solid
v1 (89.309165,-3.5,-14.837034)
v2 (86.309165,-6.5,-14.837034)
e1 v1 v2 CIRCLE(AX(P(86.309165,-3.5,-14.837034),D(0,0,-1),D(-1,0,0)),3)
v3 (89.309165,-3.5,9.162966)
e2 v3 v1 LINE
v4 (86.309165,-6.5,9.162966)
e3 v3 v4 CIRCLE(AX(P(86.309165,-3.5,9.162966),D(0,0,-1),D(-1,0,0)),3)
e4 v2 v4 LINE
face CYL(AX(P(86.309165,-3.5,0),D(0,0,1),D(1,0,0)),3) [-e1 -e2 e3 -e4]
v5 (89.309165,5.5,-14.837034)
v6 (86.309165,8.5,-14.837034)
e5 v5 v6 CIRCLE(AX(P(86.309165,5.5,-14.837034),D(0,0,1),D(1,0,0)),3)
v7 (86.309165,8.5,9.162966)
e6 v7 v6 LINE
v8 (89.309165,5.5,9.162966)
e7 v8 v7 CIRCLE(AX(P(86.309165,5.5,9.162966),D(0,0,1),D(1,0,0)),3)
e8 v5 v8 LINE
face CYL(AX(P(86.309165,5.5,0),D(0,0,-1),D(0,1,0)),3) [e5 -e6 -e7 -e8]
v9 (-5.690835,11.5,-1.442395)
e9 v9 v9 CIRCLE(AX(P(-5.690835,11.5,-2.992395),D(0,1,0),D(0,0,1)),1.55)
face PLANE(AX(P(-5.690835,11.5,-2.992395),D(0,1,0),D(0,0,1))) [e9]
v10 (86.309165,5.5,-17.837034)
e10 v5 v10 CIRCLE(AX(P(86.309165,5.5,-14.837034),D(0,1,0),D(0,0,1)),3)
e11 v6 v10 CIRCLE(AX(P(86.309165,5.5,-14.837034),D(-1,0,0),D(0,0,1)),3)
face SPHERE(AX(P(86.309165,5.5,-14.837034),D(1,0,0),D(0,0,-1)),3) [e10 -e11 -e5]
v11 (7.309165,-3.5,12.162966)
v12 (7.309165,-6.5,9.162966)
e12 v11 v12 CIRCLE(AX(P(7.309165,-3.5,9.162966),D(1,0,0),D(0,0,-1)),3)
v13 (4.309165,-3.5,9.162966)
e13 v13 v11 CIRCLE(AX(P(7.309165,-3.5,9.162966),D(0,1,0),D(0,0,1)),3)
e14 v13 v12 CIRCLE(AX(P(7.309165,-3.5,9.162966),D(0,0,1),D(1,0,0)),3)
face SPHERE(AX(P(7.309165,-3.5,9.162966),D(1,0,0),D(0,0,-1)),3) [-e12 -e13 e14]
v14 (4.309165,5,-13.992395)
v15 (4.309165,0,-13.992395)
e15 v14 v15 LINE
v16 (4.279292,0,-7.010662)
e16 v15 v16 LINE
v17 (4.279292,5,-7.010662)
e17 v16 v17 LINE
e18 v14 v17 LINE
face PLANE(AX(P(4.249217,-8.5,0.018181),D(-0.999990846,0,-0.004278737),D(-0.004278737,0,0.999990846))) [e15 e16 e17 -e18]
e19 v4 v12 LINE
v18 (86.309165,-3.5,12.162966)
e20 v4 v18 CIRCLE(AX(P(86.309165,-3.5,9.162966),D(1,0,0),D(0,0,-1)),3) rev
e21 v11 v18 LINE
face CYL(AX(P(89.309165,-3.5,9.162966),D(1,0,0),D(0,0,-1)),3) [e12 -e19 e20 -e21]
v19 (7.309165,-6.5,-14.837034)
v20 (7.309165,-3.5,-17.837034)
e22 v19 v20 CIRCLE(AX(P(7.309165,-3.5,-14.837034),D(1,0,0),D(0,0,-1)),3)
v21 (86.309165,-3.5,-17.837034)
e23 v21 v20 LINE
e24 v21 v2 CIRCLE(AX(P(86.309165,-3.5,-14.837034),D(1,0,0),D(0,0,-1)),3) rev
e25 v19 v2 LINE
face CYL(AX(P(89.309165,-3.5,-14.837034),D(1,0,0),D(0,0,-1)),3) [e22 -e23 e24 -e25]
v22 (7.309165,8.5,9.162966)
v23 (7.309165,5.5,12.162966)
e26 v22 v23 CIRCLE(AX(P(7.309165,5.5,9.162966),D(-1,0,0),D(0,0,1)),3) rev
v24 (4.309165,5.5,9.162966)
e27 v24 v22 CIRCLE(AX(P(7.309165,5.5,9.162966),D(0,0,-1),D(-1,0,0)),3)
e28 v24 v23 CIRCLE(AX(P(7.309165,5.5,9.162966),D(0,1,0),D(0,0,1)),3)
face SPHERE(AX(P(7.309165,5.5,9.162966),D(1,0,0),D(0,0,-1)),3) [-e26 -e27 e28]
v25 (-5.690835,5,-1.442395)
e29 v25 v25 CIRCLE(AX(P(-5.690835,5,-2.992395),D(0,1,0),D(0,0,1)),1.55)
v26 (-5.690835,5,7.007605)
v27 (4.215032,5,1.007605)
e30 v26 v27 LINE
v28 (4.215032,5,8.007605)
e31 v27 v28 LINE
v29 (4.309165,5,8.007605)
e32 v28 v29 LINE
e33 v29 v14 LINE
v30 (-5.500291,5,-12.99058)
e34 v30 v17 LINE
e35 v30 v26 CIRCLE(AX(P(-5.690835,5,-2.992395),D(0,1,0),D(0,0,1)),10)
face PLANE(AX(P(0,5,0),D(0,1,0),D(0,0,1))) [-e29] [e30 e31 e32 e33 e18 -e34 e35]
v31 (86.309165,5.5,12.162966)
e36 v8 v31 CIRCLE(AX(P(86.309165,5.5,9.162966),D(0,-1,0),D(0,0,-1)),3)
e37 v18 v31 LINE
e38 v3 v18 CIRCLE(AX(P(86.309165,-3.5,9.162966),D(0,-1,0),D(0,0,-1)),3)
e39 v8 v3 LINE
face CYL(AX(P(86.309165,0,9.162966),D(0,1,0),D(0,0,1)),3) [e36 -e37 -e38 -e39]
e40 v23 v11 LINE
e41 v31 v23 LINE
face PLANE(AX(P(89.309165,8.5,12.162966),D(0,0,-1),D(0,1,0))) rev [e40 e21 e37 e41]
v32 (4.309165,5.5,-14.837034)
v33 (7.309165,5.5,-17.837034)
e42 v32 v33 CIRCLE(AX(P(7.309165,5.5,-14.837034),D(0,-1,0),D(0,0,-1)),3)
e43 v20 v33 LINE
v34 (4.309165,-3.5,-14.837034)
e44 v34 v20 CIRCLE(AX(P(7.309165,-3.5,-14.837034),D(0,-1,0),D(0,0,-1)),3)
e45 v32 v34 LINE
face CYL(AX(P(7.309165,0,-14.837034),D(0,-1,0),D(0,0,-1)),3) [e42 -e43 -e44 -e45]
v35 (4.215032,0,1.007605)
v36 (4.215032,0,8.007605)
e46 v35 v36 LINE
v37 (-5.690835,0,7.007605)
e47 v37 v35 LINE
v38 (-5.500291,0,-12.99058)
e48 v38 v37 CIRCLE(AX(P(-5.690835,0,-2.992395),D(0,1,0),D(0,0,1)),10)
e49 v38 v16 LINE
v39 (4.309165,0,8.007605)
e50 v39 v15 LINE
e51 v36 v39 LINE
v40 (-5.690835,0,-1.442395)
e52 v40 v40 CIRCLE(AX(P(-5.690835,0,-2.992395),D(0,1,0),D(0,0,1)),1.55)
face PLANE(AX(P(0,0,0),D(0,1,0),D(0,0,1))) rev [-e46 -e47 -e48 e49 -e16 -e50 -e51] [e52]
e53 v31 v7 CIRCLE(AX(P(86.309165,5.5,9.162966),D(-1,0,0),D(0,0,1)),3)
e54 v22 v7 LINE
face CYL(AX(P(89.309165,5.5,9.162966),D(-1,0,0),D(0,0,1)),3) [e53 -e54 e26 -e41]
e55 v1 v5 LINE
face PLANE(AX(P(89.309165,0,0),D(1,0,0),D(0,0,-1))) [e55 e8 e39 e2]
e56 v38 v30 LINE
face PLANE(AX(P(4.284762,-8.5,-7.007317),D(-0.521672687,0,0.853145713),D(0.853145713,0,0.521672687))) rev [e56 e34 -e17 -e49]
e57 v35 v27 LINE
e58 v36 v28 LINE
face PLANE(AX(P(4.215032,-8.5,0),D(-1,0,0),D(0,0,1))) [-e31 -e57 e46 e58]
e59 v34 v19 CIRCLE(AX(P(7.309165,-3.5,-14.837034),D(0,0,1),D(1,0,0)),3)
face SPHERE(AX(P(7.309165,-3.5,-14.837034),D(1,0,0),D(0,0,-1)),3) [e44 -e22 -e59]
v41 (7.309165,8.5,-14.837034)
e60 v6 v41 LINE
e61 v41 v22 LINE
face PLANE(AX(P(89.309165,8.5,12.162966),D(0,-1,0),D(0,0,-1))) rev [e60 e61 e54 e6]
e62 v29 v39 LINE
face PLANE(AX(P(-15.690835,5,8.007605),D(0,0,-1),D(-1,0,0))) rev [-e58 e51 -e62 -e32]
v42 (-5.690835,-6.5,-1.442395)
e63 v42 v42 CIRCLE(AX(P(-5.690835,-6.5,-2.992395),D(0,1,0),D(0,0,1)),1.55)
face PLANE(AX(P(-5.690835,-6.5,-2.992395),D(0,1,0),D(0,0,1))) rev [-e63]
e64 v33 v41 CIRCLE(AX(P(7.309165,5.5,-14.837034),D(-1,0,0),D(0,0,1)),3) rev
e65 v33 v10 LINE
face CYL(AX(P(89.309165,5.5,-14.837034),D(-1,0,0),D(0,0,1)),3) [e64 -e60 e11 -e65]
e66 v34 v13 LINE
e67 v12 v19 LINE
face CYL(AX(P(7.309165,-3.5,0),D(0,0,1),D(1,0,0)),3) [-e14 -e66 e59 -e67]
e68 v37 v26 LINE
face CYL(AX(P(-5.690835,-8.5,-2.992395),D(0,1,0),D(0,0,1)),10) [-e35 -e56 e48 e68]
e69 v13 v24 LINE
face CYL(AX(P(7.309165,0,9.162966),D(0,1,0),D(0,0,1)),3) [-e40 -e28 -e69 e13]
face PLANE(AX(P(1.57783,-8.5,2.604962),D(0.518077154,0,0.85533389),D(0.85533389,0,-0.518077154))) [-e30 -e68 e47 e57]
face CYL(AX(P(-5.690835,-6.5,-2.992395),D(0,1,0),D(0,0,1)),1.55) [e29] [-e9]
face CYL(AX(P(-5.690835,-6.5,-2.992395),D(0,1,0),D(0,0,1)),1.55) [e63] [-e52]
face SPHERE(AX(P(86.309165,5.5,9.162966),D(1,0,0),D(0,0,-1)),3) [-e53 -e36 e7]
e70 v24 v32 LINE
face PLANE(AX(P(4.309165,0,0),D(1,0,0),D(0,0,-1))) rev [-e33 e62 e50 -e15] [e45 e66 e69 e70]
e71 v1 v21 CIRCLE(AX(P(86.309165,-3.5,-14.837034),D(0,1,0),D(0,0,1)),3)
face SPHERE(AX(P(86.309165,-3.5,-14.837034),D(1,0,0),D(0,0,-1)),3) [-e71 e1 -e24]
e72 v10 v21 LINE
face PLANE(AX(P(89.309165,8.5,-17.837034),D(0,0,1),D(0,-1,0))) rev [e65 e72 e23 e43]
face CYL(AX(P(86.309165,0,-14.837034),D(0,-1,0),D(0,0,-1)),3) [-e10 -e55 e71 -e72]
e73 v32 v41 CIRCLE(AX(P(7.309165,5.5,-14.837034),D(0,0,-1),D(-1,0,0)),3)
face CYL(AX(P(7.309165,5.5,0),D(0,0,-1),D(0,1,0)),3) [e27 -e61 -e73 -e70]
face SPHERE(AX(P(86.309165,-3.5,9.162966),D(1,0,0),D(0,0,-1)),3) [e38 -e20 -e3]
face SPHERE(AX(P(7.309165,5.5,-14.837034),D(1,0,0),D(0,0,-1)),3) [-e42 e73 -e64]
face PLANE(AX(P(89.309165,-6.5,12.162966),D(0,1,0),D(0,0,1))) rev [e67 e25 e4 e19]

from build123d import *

# Parameters (mm, degrees)
SKETCH1_W                = 20
SKETCH1_H                = 22
BOSS_EXTRUDE1_DEPTH      = 5
BOSS_EXTRUDE2_DEPTH      = 6.5
BOSS_EXTRUDE2_DEPTH_BACK = 11.5
SKETCH2_R                = 1.55
SKETCH8_W                = 30
SKETCH8_H                = 15
BOSS_EXTRUDE3_DEPTH      = 85
FILLET1_R                = 3
FILLET2_R                = 3
FILLET3_R                = 3
FILLET4_R                = 3
FILLET5_R                = 3
FILLET6_R                = 3
CUT_EXTRUDE1_DEPTH       = 20
CUT_EXTRUDE2_DEPTH       = 20


with BuildPart() as part:
    # Sketch1 → Boss-Extrude1 (new body)
    with BuildSketch(Plane(origin=(8.035400608, 0, 0), x_dir=(1, 0, 0), z_dir=(0, 1, 0))):
        with Locations((-13.726235741, 2.992395437)):
            Rectangle(SKETCH1_W, SKETCH1_H)
    extrude(amount=BOSS_EXTRUDE1_DEPTH)

    # Sketch2 → Boss-Extrude2 (add, two sides: drawn at the far end of the back side and taken through both)
    with BuildSketch(Plane(origin=(8.035400608, 5, 0), x_dir=(1, 0, 0), z_dir=(0, 1, 0)).offset(-BOSS_EXTRUDE2_DEPTH_BACK)):
        with Locations((-13.726235741, 2.992395437)):
            Circle(SKETCH2_R)
    extrude(amount=BOSS_EXTRUDE2_DEPTH + BOSS_EXTRUDE2_DEPTH_BACK)

    # Sketch8 → Boss-Extrude3 (add)
    with BuildSketch(Plane(origin=(4.309164866, 0, 0), x_dir=(0, 0, -1), z_dir=(1, 0, 0))):
        with Locations((2.837033874, 1)):
            Rectangle(SKETCH8_W, SKETCH8_H)
    extrude(amount=BOSS_EXTRUDE3_DEPTH)

    # Fillet1
    fillet1_edges = [part.edges().sort_by_distance(p)[0] for p in [
        (46.809164866, -6.5, 12.162966126),
    ]]
    fillet(fillet1_edges, radius=FILLET1_R)

    # Fillet2
    fillet2_edges = [part.edges().sort_by_distance(p)[0] for p in [
        (46.809164866, 8.5, 12.162966126),
    ]]
    fillet(fillet2_edges, radius=FILLET2_R)

    # Fillet3
    fillet3_edges = [part.edges().sort_by_distance(p)[0] for p in [
        (46.809164866, 8.5, -17.837033874),
    ]]
    fillet(fillet3_edges, radius=FILLET3_R)

    # Fillet4
    fillet4_edges = [part.edges().sort_by_distance(p)[0] for p in [
        (46.809164866, -6.5, -17.837033874),
    ]]
    fillet(fillet4_edges, radius=FILLET4_R)

    # Fillet5
    fillet5_edges = [part.edges().sort_by_distance(p)[0] for p in [
        (89.309164866, -6.5, -2.837033874),
    ]]
    fillet(fillet5_edges, radius=FILLET5_R)

    # Fillet6
    fillet6_edges = [part.edges().sort_by_distance(p)[0] for p in [
        (4.309164866, 1, 12.162966126),
    ]]
    fillet(fillet6_edges, radius=FILLET6_R)

    # Sketch7 → Cut-Extrude1 (cut)
    with BuildSketch(Plane(origin=(8.035400608, 11.5, 0), x_dir=(1, 0, 0), z_dir=(0, 1, 0))):
        with BuildLine():
            ThreePointArc((-13.726235741, -7.007604563), (-20.797303553, -4.078672375), (-23.726235741, 2.992395437))
            Line((-23.726235741, 2.992395437), (-23.726235741, -8.007604563))
            Line((-23.726235741, -8.007604563), (-3.820368823, -8.007604563))
            Line((-3.820368823, -8.007604563), (-3.820368823, -1.007604563))
            Line((-3.820368823, -1.007604563), (-13.726235741, -7.007604563))
        make_face()
    extrude(amount=-CUT_EXTRUDE1_DEPTH, mode=Mode.SUBTRACT)

    # Sketch7<4> → Cut-Extrude2 (cut)
    with BuildSketch(Plane(origin=(8.035400608, 11.5, 0), x_dir=(1, 0, 0), z_dir=(0, 1, 0))):
        with BuildLine():
            Line((-23.726235741, 13.992395437), (-23.726235741, 2.992395437))
            ThreePointArc((-23.726235741, 2.992395437), (-20.729612149, 10.130512759), (-13.535691963, 12.990579926))
            Line((-13.535691963, 12.990579926), (-3.756109018, 7.010662038))
            Line((-3.756109018, 7.010662038), (-3.726235741, 13.992395437))
            Line((-3.726235741, 13.992395437), (-23.726235741, 13.992395437))
        make_face()
    extrude(amount=-CUT_EXTRUDE2_DEPTH, mode=Mode.SUBTRACT)


solid = part.part
